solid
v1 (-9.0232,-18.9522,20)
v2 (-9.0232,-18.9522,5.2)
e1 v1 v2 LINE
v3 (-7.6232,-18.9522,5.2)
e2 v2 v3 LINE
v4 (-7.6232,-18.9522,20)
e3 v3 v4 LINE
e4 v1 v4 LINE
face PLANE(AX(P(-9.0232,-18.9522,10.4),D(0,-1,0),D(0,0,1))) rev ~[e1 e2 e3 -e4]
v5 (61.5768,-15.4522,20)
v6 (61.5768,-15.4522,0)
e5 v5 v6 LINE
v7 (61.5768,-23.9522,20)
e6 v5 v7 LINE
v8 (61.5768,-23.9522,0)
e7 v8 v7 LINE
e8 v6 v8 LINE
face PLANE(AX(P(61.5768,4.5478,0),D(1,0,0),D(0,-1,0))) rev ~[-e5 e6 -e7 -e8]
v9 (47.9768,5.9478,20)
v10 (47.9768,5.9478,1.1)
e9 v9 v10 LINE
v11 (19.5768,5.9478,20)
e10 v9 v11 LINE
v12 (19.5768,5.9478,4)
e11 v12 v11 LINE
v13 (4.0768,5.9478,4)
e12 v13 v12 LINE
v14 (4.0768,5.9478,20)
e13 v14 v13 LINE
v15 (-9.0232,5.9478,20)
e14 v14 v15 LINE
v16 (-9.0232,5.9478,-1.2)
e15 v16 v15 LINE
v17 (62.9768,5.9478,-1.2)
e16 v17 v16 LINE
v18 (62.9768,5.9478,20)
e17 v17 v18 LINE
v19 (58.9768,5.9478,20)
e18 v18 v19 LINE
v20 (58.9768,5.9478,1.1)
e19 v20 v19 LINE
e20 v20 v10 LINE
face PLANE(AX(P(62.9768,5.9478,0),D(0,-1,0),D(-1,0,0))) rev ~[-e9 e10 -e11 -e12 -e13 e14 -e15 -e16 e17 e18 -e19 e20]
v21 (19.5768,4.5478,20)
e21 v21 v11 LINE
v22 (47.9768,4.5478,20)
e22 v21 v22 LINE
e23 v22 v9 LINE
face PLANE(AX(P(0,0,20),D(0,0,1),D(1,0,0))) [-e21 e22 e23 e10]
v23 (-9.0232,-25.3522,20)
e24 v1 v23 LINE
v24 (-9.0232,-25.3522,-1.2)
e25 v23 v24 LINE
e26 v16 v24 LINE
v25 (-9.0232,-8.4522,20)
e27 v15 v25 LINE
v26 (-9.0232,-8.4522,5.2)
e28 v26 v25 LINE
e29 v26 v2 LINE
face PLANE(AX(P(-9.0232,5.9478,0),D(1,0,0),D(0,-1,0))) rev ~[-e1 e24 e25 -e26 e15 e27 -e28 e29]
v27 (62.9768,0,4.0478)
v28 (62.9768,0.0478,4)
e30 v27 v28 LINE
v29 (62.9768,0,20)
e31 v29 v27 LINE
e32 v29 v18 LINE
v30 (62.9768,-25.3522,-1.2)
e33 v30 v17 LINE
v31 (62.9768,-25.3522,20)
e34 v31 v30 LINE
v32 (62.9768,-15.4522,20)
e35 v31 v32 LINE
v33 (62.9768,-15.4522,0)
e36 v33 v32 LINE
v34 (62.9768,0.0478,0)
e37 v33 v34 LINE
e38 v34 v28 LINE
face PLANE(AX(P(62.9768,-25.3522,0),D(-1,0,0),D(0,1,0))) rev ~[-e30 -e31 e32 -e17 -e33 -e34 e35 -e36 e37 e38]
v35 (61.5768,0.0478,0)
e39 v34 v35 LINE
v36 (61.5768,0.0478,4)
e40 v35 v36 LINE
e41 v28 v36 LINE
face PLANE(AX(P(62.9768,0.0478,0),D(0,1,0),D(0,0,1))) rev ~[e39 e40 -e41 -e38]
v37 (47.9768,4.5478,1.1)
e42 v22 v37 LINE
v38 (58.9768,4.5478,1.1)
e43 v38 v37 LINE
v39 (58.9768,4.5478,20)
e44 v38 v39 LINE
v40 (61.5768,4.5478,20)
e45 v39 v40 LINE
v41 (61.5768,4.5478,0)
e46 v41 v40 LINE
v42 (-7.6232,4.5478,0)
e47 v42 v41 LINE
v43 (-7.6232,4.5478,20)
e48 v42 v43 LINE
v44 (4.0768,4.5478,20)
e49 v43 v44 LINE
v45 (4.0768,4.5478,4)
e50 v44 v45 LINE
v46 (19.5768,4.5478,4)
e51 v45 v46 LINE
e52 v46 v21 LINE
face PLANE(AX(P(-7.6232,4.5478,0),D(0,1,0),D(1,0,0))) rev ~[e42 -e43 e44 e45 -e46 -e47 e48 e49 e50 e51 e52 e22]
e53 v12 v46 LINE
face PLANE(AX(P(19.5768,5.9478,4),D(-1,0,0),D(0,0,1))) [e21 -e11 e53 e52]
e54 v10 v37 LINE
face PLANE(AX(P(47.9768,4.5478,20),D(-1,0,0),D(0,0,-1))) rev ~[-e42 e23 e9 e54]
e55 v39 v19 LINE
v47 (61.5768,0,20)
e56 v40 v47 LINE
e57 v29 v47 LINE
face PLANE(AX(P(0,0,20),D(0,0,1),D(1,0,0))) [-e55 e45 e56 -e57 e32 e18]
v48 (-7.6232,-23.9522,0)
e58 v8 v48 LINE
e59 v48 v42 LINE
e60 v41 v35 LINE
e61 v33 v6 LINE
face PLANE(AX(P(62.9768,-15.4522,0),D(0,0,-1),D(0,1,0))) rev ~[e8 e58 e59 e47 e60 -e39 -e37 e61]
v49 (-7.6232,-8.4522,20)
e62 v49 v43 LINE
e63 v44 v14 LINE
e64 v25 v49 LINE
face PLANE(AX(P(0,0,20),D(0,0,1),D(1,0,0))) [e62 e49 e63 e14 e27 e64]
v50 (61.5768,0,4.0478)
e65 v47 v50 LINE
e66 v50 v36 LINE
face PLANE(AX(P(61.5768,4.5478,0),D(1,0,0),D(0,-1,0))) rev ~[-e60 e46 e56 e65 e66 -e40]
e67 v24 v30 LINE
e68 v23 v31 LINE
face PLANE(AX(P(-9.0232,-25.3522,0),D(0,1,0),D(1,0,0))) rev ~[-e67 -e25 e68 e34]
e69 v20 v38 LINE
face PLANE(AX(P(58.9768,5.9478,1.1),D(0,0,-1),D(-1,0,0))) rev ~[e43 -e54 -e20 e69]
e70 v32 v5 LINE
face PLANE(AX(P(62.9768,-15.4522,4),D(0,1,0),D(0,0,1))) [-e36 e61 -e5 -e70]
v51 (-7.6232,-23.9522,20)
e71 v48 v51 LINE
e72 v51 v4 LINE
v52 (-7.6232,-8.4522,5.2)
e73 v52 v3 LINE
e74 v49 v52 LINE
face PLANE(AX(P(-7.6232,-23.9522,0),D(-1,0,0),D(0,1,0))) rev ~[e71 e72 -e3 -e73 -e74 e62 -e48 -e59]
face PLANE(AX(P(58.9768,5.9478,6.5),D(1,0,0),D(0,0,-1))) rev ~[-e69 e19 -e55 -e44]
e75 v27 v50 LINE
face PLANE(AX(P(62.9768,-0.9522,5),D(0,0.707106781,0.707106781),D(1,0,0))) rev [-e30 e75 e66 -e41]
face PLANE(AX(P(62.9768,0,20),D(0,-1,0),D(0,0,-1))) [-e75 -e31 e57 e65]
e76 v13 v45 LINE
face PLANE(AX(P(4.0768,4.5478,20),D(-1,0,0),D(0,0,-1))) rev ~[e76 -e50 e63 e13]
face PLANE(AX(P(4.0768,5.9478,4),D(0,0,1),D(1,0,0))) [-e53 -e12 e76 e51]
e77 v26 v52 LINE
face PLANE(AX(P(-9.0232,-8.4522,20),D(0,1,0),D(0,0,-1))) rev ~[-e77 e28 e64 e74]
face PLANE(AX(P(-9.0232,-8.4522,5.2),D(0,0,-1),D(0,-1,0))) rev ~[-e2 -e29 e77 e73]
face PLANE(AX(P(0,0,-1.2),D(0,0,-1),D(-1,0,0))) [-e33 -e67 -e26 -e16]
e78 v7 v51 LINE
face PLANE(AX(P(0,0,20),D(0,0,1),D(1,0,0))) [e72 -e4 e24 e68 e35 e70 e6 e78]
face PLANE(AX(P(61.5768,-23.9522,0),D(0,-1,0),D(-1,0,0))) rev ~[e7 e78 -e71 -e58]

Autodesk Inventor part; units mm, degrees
ref_plane "YZ Plane" through (0, 0, 0) normal (1, 0, 0) x (0, 1, 0)
ref_plane "XZ Plane" through (0, 0, 0) normal (0, 1, 0) x (-1, 0, 0)
ref_plane "XY Plane" through (0, 0, 0) normal (0, 0, 1) x (1, 0, 0)
sketch "Sketch1" plane through (0, 0, 0) normal (0, 0, 1) x (1, 0, 0)
  line L0 (-7.6232, 4.5478) -> (61.5768, 4.5478)
  line L1 (61.5768, 4.5478) -> (61.5768, -23.9522)
  line L2 (61.5768, -23.9522) -> (-7.6232, -23.9522)
  line L3 (-7.6232, -23.9522) -> (-7.6232, 4.5478)
  line L4 (62.9768, 5.9478) -> (-9.0232, 5.9478)
  line L5 (-9.0232, 5.9478) -> (-9.0232, -25.3522)
  line L6 (-9.0232, -25.3522) -> (62.9768, -25.3522)
  line L7 (62.9768, -25.3522) -> (62.9768, 5.9478)
  point P0 (0, 0)
  dimension "d0" = 69.2
  dimension "d1" = 28.5
  dimension "d2" = 1.4
extrude "Extrusion1" add sketch "Sketch1" along normal blind 20
sketch "Sketch2" plane through (0, 0, 0) normal (0, 0, -1) x (-1, 0, 0)
  line L0 (9.0232, 5.9478) -> (9.0232, -25.3522) projected
  line L1 (-62.9768, 5.9478) -> (9.0232, 5.9478) projected
  line L2 (9.0232, -25.3522) -> (-62.9768, -25.3522) projected
  line L3 (-62.9768, -25.3522) -> (-62.9768, 5.9478) projected
  point P0 (0, 0)
extrude "Extrusion2" add sketch "Sketch2" along normal blind 1.2
sketch "Sketch3" plane through (62.9768, -25.3522, 20) normal (1, 0, 0) x (0, 0, -1)
  line L0 (20, 29.9) -> (0, 29.9) projected
  line L1 (20, 1.4) -> (0, 1.4) projected
  line L2 (20, 1.4) -> (20, 29.9) projected
  line L3 (20, 25.4) -> (14, 25.4)
  line L4 (14, 25.4) -> (14, 9.9)
  line L5 (14, 9.9) -> (20, 9.9)
  line L6 (20, 9.9) -> (20, 25.4)
  point P0 (20, 25.3522)
  dimension "d7" = 4.5
  dimension "d8" = 6
  dimension "d9" = 15.5
extrude "Extrusion3" cut sketch "Sketch3" against normal up to surface (1.4 mm away)
sketch "Sketch4" plane through (-9.0232, 5.9478, 20) normal (0, 1, 0) x (1, 0, 0)
  line L0 (70.6, 20) -> (70.6, 0) projected
  line L1 (70.6, 20) -> (1.4, 20) projected
  line L2 (68, 18.9) -> (57, 18.9)
  line L3 (57, 18.9) -> (57, 13.5)
  line L4 (57, 13.5) -> (68, 13.5)
  line L5 (68, 13.5) -> (68, 18.9)
  point P0 (9.0232, 20)
  dimension "d12" = 11
  dimension "d13" = 2.6
  dimension "d14" = 1.1
  dimension "d15" = 5.4
extrude "Extrusion4" cut sketch "Sketch4" against normal up to surface (1.4 mm away)
chamfer "Chamfer1" distance 2 angle 45 1 edges at (62.2768, -15.4522, 6)
chamfer "Chamfer2" distance 2 angle 45 1 edges at (62.2768, 0.0478, 6)
sketch "Sketch5" plane through (-9.0232, 5.9478, 20) normal (0, 1, 0) x (1, 0, 0)
  line L0 (1.4, 20) -> (1.4, 0) projected
  line L1 (70.6, 20) -> (1.4, 20) projected
  line L2 (13.1, 16) -> (28.6, 16)
  line L3 (28.6, 16) -> (28.6, 9.8)
  line L4 (28.6, 9.8) -> (13.1, 9.8)
  line L5 (13.1, 9.8) -> (13.1, 16)
  point P0 (9.0232, 20)
  dimension "d24" = 4
  dimension "d25" = 6.2
  dimension "d26" = 15.5
  dimension "d27" = 11.7
extrude "Extrusion5" cut sketch "Sketch5" against normal up to surface (1.4 mm away)
chamfer "Chamfer3" distance 2 angle 45 2 edges at (4.0768, 5.2478, 10.2) (19.5768, 5.2478, 10.2)
sketch "Sketch6" plane through (-9.0232, -25.3522, 20) normal (-1, 0, 0) x (0, 0, 1)
  line L0 (-20, 1.4) -> (0, 1.4) projected
  line L1 (-20, 29.9) -> (-20, 1.4) projected
  line L2 (-14.8, 6.4) -> (-9.6, 6.4)
  line L3 (-9.6, 6.4) -> (-9.6, 16.9)
  line L4 (-9.6, 16.9) -> (-14.8, 16.9)
  line L5 (-14.8, 16.9) -> (-14.8, 6.4)
  point P0 (-20, 25.3522)
  dimension "d33" = 5
  dimension "d34" = 10.5
  dimension "d35" = 5.2
  dimension "d36" = 5.2
extrude "Extrusion6" cut sketch "Sketch6" against normal up to surface (1.4 mm away)
sketch "Sketch8" plane through (62.9768, -25.3522, 20) normal (1, 0, 0) x (0, 0, -1)
  line L0 (16, 9.9) -> (20, 9.9) projected
  line L1 (0, 29.9) -> (0, 1.4) projected
  line L2 (16, 9.9) -> (0, 9.9)
  line L3 (0, 9.9) -> (0, 25.3522)
  line L4 (0, 25.3522) -> (16, 25.3522)
  line L5 (16, 25.3522) -> (16, 9.9)
  point P0 (20, 25.3522)
extrude "Extrusion7" cut sketch "Sketch8" against normal up to surface (1.4 mm away)
sketch "Sketch9" plane through (-7.6232, 4.5478, 20) normal (0, -1, 0) x (1, 0, 0)
  line L0 (27.2, -11.8) -> (25.2, -9.8) projected
  line L1 (13.7, -9.8) -> (11.7, -11.8) projected
  line L2 (0, 0) -> (69.2, 0) projected
  line L3 (11.7, -11.8) -> (27.2, -11.8)
  line L4 (27.2, -11.8) -> (27.2, 0)
  line L5 (27.2, 0) -> (11.7, 0)
  line L6 (11.7, 0) -> (11.7, -11.8)
  line L7 (55.6, -13.5) -> (66.6, -13.5) projected
  line L8 (55.6, -13.5) -> (66.6, -13.5)
  line L9 (66.6, -13.5) -> (66.6, 0)
  line L10 (66.6, 0) -> (55.6, 0)
  line L11 (55.6, 0) -> (55.6, -13.5)
  point P0 (7.6232, -20)
extrude "Extrusion8" cut sketch "Sketch9" against normal up to surface (1.4 mm away)
sketch "Sketch10" plane through (-9.0232, -25.3522, 20) normal (-1, 0, 0) x (0, 0, 1)
  line L0 (-9.6, 16.9) -> (-9.6, 6.4) projected
  line L1 (0, 1.4) -> (0, 29.9) projected
  line L2 (-9.6, 6.4) -> (0, 6.4)
  line L3 (0, 6.4) -> (0, 16.9)
  line L4 (0, 16.9) -> (-9.6, 16.9)
  line L5 (-9.6, 16.9) -> (-9.6, 6.4)
  point P0 (-20, 25.3522)
extrude "Extrusion9" cut sketch "Sketch10" against normal up to surface (1.4 mm away)
properties part number "PlutoIIxHDMI"
